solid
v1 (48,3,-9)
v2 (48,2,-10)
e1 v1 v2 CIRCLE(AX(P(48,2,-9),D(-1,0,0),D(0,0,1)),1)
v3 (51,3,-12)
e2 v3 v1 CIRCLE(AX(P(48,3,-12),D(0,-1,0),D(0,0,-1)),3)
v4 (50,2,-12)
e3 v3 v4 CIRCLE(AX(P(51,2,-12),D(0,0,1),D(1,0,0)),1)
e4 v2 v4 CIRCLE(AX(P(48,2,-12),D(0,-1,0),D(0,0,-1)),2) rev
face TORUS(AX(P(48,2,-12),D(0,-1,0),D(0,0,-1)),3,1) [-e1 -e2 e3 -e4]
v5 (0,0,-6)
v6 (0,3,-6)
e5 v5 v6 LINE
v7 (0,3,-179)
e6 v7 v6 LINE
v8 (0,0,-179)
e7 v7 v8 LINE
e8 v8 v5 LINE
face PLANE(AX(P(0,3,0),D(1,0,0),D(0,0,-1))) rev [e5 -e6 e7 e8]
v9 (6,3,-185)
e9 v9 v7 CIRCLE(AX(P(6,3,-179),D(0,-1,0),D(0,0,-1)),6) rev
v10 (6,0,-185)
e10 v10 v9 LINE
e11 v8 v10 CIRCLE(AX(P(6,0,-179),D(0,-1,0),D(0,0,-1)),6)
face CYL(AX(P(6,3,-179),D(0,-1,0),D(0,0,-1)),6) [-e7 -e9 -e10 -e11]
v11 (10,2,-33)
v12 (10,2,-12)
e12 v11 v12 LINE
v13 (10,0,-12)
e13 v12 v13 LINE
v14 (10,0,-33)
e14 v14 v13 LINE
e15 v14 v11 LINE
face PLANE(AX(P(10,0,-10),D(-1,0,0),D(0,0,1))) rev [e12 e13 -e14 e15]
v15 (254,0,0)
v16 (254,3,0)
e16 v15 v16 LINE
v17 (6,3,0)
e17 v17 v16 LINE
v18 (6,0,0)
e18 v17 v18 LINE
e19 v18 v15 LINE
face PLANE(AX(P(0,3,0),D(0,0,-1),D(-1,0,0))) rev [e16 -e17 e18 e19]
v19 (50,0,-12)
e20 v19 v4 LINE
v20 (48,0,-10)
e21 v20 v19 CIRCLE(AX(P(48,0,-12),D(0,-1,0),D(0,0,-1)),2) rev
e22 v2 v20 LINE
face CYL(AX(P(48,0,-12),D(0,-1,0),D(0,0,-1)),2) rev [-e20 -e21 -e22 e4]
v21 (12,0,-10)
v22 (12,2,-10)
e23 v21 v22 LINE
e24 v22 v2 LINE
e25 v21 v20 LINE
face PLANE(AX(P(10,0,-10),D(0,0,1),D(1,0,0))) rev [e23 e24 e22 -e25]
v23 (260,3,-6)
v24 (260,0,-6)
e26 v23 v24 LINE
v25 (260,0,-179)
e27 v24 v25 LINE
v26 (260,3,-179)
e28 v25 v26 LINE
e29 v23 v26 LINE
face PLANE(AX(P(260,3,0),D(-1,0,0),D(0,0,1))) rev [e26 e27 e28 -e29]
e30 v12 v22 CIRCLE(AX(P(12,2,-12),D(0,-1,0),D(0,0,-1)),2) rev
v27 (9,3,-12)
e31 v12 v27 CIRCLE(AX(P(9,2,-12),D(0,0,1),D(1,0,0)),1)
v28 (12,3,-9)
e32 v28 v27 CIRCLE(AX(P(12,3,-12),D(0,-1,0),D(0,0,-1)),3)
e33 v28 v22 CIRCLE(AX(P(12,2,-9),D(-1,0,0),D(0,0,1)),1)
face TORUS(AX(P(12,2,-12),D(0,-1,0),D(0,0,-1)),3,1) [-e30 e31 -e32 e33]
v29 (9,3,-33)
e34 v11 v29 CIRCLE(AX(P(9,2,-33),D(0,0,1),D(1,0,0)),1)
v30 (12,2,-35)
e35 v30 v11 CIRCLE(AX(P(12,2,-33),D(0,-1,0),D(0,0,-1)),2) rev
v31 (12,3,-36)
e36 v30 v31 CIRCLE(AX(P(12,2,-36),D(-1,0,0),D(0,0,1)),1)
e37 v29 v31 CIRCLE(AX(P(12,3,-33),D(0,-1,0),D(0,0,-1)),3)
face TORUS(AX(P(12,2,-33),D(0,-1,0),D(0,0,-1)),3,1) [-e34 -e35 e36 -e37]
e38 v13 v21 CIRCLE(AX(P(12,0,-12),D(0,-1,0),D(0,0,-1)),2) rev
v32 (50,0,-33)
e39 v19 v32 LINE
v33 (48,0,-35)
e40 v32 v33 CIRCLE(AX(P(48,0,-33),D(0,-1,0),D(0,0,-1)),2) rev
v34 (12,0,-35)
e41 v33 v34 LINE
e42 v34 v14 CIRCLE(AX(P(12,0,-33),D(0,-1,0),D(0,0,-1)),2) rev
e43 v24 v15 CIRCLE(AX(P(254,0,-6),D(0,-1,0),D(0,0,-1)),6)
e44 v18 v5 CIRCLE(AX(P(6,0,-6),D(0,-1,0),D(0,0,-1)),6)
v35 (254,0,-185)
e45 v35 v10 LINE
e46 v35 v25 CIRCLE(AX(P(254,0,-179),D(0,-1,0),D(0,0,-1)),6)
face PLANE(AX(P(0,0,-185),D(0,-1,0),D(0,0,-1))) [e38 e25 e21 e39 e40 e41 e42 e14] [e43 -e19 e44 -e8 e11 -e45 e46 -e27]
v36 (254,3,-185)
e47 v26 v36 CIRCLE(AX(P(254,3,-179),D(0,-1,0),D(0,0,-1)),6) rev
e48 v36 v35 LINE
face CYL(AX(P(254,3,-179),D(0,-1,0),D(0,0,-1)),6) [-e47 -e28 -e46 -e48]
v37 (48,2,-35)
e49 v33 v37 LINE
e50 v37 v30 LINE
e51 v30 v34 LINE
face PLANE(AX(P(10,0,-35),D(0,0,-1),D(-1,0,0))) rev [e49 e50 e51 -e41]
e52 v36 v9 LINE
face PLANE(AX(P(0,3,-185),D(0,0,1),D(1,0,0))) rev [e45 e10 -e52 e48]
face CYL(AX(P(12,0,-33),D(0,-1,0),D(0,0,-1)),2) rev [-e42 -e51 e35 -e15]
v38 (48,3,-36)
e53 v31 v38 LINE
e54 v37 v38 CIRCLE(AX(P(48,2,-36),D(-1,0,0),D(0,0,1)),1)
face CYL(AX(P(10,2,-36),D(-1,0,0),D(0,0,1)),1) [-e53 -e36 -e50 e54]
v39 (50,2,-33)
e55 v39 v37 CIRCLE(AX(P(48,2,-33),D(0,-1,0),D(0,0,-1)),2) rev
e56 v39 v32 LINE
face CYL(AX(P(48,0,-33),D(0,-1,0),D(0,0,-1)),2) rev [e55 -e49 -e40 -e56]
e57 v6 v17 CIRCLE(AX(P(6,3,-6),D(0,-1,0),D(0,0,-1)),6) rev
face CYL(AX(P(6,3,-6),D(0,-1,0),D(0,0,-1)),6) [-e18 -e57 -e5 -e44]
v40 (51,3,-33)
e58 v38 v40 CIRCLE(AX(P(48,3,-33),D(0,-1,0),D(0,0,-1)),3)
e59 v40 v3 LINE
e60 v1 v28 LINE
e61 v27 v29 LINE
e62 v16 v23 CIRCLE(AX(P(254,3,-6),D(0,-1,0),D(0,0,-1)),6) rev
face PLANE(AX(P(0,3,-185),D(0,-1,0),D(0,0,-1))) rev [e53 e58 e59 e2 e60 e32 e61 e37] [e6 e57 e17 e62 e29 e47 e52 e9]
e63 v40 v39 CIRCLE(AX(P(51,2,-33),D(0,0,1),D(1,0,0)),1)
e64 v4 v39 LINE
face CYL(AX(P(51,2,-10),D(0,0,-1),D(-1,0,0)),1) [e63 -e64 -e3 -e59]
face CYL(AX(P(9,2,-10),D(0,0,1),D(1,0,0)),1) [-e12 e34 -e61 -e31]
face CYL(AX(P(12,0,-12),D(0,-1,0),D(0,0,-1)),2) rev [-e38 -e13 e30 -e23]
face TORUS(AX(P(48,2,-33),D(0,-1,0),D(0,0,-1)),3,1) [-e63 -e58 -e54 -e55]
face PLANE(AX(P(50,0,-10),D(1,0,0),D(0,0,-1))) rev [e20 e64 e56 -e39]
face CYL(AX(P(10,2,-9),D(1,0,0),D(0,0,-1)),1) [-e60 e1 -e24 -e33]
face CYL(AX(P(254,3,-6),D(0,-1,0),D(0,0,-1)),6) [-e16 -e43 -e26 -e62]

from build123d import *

# Parameters (mm, degrees)
SKETCH1_W          = 260
SKETCH1_H          = 185
EXTRUDE1_DEPTH     = 3
FILLET3_R          = 6
SKETCH2_W          = 40
SKETCH2_H          = 25
CUT_EXTRUDE1_DEPTH = 320.11439955
FILLET1_R          = 2
FILLET2_R          = 1


with BuildPart() as part:
    # Sketch1 → Extrude1 (new body)
    with BuildSketch(Plane(origin=(0, 0, 0), x_dir=(1, 0, 0), z_dir=(0, 1, 0))):
        with Locations((130, 92.5)):
            Rectangle(SKETCH1_W, SKETCH1_H)
    extrude(amount=EXTRUDE1_DEPTH)

    # Fillet3
    fillet3_edges = [part.edges().sort_by_distance(p)[0] for p in [
        (0, 1.5, -185),
        (260, 1.5, -185),
        (260, 1.5, 0),
        (0, 1.5, 0),
    ]]
    fillet(fillet3_edges, radius=FILLET3_R)

    # Sketch2 → Cut-Extrude1 (cut, through all)
    with BuildSketch(Plane(origin=(0, 3, 0), x_dir=(-1, 0, 0), z_dir=(0, 1, 0))):
        with Locations((-30, -22.5)):
            Rectangle(SKETCH2_W, SKETCH2_H)
    extrude(amount=-CUT_EXTRUDE1_DEPTH, mode=Mode.SUBTRACT)

    # Fillet1
    fillet1_edges = [part.edges().sort_by_distance(p)[0] for p in [
        (10, 1.5, -10),
        (10, 1.5, -35),
        (50, 1.5, -35),
        (50, 1.5, -10),
    ]]
    fillet(fillet1_edges, radius=FILLET1_R)

    # Fillet2
    fillet2_edges = [part.edges().sort_by_distance(p)[0] for p in [
        (30, 3, -35),
        (50, 3, -22.5),
        (30, 3, -10),
        (10, 3, -22.5),
        (49.414213562, 3, -34.414213562),
        (49.414213562, 3, -10.585786438),
        (10.585786438, 3, -10.585786438),
        (10.585786438, 3, -34.414213562),
    ]]
    fillet(fillet2_edges, radius=FILLET2_R)


solid = part.part
